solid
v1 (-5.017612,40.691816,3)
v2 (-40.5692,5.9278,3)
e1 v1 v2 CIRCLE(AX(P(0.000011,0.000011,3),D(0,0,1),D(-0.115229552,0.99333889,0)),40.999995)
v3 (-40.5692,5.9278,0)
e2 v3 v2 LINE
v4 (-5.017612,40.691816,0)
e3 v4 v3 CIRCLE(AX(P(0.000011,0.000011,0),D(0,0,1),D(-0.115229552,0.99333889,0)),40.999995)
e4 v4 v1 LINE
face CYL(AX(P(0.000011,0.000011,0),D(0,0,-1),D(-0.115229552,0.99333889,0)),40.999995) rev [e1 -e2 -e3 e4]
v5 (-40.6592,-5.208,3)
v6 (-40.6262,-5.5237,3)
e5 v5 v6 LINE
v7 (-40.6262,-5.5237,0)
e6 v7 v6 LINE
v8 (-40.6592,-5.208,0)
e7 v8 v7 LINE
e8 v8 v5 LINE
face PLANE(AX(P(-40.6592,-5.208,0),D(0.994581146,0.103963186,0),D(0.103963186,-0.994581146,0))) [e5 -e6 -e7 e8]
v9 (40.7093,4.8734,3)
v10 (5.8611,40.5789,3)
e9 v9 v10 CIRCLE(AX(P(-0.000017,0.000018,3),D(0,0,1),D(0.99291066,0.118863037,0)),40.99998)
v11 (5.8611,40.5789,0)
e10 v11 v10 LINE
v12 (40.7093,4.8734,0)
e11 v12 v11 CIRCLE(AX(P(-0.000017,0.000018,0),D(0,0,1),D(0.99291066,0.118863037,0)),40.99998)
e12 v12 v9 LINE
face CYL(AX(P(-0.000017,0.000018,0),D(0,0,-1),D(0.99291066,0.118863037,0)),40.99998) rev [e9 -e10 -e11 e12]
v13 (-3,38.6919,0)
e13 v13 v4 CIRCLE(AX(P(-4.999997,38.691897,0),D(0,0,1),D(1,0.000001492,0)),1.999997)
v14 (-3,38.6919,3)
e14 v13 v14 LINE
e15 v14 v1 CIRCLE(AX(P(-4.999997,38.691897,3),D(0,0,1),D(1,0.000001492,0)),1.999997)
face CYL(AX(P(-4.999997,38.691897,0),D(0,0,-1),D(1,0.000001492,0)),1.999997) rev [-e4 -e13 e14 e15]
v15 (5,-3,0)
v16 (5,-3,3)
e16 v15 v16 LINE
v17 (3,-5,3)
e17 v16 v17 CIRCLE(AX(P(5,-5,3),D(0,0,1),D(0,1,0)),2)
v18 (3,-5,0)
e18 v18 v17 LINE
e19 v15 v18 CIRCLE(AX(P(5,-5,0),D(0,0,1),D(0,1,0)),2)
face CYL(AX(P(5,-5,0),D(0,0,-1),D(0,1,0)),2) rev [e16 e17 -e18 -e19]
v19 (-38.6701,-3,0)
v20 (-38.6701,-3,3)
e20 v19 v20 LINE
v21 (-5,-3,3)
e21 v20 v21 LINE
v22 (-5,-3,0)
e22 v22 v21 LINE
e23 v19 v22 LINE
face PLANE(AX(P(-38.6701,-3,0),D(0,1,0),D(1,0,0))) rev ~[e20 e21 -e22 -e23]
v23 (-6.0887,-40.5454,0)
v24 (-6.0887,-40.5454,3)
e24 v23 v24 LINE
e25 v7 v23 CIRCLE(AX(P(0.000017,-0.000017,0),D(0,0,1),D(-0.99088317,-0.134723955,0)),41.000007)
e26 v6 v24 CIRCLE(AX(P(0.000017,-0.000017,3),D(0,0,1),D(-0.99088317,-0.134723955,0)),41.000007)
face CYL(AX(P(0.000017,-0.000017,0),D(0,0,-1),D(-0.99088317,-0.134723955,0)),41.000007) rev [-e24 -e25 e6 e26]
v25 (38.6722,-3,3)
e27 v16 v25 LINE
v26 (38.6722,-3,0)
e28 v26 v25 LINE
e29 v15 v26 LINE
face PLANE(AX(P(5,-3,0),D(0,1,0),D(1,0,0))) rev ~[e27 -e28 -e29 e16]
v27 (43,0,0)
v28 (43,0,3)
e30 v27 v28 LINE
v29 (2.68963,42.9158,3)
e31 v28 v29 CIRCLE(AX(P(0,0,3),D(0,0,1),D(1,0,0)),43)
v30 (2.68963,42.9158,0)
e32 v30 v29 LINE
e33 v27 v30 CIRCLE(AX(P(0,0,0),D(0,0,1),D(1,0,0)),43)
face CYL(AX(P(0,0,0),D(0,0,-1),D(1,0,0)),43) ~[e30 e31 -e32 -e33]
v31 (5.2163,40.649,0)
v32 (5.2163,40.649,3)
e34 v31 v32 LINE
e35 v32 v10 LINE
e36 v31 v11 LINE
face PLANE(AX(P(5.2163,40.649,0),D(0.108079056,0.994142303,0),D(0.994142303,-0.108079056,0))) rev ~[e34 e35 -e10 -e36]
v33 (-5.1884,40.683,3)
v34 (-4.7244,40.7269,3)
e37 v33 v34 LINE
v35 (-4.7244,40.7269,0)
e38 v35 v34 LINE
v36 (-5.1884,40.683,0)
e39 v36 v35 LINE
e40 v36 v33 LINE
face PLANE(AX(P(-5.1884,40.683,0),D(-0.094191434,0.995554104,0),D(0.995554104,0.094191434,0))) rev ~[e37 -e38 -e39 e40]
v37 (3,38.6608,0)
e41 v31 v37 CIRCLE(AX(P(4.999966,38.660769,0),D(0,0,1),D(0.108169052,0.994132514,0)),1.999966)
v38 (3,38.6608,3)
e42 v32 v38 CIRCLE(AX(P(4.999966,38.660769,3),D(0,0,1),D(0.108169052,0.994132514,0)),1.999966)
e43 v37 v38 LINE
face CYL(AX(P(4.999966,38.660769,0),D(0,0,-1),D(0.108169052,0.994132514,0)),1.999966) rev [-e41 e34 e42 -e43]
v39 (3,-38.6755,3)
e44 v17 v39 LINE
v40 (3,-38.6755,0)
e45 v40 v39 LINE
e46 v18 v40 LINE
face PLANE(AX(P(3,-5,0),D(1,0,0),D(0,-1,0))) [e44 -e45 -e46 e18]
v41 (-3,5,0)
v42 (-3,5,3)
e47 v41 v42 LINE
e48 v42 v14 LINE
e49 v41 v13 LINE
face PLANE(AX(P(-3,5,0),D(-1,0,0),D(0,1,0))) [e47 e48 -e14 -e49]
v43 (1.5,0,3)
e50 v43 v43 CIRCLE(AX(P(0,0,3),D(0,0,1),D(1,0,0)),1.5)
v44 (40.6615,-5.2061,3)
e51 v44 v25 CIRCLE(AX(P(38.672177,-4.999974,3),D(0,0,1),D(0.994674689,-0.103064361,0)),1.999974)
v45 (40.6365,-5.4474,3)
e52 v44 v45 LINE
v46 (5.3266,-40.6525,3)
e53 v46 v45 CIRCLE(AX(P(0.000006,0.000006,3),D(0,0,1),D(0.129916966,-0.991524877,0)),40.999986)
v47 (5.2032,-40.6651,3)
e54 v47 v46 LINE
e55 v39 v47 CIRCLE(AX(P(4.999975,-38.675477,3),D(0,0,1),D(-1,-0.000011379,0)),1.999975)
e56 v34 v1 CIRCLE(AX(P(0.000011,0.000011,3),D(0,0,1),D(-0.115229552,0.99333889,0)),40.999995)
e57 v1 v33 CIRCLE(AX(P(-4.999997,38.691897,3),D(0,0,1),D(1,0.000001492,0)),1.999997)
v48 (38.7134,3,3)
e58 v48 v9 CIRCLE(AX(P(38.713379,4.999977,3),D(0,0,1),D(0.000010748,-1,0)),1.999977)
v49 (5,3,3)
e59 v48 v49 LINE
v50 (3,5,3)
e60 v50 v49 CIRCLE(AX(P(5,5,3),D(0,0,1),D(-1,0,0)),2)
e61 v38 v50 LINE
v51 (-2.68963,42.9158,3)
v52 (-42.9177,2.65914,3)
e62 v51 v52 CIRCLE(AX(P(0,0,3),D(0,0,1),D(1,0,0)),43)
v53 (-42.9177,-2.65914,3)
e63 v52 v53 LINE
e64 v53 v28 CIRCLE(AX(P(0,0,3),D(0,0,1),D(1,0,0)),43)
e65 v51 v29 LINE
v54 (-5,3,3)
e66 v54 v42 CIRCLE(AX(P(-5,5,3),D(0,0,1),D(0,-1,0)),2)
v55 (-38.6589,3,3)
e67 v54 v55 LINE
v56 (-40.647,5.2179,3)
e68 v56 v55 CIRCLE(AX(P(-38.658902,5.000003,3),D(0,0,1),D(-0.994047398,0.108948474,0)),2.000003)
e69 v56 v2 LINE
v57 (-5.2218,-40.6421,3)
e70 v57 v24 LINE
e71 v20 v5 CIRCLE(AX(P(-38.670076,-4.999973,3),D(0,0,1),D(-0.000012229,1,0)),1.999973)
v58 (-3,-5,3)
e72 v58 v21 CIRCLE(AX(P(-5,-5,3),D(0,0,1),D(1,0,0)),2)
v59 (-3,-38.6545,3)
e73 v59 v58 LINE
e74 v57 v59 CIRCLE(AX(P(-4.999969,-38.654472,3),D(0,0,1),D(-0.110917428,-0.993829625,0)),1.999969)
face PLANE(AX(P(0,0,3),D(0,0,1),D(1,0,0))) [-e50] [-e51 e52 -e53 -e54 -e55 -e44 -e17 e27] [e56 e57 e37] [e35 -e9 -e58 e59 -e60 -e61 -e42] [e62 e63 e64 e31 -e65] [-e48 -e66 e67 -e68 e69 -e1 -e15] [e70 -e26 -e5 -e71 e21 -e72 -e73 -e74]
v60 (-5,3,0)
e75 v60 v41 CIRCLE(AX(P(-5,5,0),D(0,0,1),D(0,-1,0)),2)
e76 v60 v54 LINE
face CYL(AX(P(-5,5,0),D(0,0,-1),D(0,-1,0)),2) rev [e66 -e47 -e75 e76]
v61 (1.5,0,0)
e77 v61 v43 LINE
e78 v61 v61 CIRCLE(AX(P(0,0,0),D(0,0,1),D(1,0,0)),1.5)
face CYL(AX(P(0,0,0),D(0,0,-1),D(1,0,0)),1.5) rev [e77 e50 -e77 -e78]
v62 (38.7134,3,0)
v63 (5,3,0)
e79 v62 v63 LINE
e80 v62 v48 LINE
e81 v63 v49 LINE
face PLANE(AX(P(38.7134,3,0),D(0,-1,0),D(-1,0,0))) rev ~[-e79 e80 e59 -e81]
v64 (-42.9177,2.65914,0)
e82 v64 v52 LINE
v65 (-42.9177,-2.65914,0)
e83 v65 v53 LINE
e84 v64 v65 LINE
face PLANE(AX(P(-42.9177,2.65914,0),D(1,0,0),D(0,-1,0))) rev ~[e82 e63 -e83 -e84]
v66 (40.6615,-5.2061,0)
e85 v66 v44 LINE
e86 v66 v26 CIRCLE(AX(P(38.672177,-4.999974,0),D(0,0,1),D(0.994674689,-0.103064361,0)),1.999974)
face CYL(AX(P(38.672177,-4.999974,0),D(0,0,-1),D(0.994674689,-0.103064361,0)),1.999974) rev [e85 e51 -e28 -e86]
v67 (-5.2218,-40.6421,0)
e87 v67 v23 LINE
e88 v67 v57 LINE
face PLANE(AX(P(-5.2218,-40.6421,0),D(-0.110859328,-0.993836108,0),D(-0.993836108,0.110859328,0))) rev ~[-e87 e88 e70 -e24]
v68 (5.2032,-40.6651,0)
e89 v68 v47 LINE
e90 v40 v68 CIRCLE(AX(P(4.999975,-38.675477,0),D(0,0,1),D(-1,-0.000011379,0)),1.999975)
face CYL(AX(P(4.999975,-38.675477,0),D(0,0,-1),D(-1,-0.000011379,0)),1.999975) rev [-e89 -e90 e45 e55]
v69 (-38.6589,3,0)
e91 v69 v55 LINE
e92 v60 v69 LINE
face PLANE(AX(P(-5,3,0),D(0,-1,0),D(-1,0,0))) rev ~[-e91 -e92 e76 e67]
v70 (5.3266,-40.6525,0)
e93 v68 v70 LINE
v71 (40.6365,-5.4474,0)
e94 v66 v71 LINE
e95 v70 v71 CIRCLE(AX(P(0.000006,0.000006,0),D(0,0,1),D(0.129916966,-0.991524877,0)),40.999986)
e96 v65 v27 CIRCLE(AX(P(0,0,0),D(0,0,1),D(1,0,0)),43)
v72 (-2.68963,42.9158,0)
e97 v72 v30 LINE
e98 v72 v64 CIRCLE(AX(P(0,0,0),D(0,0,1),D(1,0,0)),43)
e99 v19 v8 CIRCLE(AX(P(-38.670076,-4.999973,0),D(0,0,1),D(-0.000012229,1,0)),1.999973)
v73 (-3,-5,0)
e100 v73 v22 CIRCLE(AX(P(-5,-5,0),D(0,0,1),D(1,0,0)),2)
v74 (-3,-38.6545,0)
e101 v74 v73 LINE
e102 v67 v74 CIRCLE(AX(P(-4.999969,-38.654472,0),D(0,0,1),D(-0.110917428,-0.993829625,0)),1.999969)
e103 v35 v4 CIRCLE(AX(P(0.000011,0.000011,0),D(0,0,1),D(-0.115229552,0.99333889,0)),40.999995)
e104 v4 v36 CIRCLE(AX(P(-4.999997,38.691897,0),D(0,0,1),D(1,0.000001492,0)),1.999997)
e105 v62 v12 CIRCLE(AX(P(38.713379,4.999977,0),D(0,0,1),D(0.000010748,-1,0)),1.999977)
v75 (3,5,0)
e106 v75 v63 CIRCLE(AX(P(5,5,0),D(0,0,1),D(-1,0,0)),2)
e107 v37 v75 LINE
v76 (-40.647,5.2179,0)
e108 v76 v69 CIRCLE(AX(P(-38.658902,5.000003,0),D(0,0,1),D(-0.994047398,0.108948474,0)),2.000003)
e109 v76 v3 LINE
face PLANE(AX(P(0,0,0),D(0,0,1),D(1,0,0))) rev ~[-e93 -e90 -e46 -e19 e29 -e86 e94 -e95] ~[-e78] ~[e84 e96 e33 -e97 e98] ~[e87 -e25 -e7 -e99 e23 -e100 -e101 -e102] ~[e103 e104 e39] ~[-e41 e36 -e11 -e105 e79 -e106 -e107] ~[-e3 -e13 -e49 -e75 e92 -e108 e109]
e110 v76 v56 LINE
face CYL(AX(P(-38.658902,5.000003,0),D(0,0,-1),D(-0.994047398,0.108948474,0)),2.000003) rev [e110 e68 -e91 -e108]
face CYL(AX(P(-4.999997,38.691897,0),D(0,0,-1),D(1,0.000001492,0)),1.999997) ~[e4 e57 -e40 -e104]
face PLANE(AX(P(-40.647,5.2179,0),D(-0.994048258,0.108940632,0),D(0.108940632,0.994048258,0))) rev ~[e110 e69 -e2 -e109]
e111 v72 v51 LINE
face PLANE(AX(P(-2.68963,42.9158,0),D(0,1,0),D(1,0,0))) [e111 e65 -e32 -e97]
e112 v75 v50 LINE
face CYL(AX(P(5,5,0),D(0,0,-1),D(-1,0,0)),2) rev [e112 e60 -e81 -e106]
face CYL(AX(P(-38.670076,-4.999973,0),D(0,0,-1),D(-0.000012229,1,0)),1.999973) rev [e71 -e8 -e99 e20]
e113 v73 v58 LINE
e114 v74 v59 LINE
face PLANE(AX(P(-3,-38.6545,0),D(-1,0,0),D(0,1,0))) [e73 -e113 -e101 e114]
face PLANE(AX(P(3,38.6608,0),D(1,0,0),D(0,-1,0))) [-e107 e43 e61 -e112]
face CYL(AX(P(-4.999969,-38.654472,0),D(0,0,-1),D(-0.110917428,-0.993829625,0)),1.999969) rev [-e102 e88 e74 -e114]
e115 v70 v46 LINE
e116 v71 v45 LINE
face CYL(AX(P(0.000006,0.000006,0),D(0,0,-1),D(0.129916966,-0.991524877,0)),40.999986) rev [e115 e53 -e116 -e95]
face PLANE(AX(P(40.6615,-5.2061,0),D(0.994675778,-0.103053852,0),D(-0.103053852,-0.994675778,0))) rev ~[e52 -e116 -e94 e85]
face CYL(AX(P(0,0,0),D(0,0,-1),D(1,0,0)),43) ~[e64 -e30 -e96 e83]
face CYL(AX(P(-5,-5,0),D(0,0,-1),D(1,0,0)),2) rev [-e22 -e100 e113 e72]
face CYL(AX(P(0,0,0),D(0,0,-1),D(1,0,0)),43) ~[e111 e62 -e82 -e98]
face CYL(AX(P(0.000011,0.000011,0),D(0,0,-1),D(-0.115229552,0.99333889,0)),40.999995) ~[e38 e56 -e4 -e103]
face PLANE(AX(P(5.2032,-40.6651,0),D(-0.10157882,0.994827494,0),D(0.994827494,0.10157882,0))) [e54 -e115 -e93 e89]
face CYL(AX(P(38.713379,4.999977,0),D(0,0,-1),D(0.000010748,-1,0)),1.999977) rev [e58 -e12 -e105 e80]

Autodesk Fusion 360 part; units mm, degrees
sketch "Sketch1" plane through (0, 0, 0) normal (0, 0, 1) x (1, 0, 0)
  circle A0 centre (0, 0) radius 43
  line L0 (-3, 5) -> (-3, 38.6919)
  line L1 (-3, 42.9158) -> (3, 42.9158)
  line L2 (3, 38.6608) -> (3, 5)
  line L3 (5, -3) -> (38.6722, -3)
  line L4 (42.8866, -3) -> (42.8866, 3)
  line L5 (38.7134, 3) -> (5, 3)
  line L6 (3, -5) -> (3, -38.6755)
  line L7 (3, -42) -> (-3, -42)
  line L8 (-3, -38.6545) -> (-3, -5)
  line L9 (-5, 3) -> (-38.6589, 3)
  line L10 (-42.9177, 3) -> (-42.9177, -3)
  line L11 (-38.6701, -3) -> (-5, -3)
  arc A1 (3, 5) -> (5, 3) centre (5, 5) ccw
  arc A2 (5, -3) -> (3, -5) centre (5, -5) ccw
  arc A3 (-3, -5) -> (-5, -3) centre (-5, -5) ccw
  arc A4 (-5, 3) -> (-3, 5) centre (-5, 5) ccw
  line L12 (5.2163, 40.649) -> (5.8611, 40.5789)
  arc A5 (5.2163, 40.649) -> (3, 38.6608) centre (5, 38.6608) ccw
  line L13 (-5.1884, 40.683) -> (-4.7244, 40.7269)
  arc A6 (-3, 38.6919) -> (-5.1884, 40.683) centre (-5, 38.6919) ccw
  arc A7 (38.7134, 3) -> (40.7062, 5.169) centre (38.7134, 5) ccw
  line L14 (40.6615, -5.2061) -> (40.6365, -5.4474)
  arc A8 (40.6615, -5.2061) -> (38.6722, -3) centre (38.6722, -5) ccw
  line L15 (5.2032, -40.6651) -> (5.3266, -40.6525)
  arc A9 (3, -38.6755) -> (5.2032, -40.6651) centre (5, -38.6755) ccw
  line L16 (-5.2218, -40.6421) -> (-6.0887, -40.5454)
  arc A10 (-5.2218, -40.6421) -> (-3, -38.6545) centre (-5, -38.6545) ccw
  line L17 (-40.6592, -5.208) -> (-40.6262, -5.5237)
  arc A11 (-38.6701, -3) -> (-40.6592, -5.208) centre (-38.6701, -5) ccw
  line L18 (-40.647, 5.2179) -> (-40.5692, 5.9278)
  arc A12 (-40.647, 5.2179) -> (-38.6589, 3) centre (-38.6589, 5) ccw
  arc A13 (5.3266, -40.6525) -> (40.6365, -5.4474) centre (0, 0) ccw
  arc A14 (-40.6262, -5.5237) -> (-6.0887, -40.5454) centre (0, 0) ccw
  arc A15 (40.7093, 4.8734) -> (5.8611, 40.5789) centre (0, 0) ccw
  arc A16 (-4.7244, 40.7269) -> (-40.5692, 5.9278) centre (0, 0) ccw
  circle A17 centre (0, 0) radius 1.5
  dimension "d1" = 86
  dimension "d2" = 82
  dimension "d7" = 2
  dimension "d8" = 2
  dimension "d9" = 2
  dimension "d10" = 2
  dimension "d11" = 2
  dimension "d12" = 2
  dimension "d13" = 2
  dimension "d14" = 2
  dimension "d15" = 2
  dimension "d16" = 2
  dimension "d17" = 2
  dimension "d18" = 2
  dimension "d19" = 3
extrude "Extrude1" add sketch "Sketch1" along normal blind 3 contours A0 L1 L10
